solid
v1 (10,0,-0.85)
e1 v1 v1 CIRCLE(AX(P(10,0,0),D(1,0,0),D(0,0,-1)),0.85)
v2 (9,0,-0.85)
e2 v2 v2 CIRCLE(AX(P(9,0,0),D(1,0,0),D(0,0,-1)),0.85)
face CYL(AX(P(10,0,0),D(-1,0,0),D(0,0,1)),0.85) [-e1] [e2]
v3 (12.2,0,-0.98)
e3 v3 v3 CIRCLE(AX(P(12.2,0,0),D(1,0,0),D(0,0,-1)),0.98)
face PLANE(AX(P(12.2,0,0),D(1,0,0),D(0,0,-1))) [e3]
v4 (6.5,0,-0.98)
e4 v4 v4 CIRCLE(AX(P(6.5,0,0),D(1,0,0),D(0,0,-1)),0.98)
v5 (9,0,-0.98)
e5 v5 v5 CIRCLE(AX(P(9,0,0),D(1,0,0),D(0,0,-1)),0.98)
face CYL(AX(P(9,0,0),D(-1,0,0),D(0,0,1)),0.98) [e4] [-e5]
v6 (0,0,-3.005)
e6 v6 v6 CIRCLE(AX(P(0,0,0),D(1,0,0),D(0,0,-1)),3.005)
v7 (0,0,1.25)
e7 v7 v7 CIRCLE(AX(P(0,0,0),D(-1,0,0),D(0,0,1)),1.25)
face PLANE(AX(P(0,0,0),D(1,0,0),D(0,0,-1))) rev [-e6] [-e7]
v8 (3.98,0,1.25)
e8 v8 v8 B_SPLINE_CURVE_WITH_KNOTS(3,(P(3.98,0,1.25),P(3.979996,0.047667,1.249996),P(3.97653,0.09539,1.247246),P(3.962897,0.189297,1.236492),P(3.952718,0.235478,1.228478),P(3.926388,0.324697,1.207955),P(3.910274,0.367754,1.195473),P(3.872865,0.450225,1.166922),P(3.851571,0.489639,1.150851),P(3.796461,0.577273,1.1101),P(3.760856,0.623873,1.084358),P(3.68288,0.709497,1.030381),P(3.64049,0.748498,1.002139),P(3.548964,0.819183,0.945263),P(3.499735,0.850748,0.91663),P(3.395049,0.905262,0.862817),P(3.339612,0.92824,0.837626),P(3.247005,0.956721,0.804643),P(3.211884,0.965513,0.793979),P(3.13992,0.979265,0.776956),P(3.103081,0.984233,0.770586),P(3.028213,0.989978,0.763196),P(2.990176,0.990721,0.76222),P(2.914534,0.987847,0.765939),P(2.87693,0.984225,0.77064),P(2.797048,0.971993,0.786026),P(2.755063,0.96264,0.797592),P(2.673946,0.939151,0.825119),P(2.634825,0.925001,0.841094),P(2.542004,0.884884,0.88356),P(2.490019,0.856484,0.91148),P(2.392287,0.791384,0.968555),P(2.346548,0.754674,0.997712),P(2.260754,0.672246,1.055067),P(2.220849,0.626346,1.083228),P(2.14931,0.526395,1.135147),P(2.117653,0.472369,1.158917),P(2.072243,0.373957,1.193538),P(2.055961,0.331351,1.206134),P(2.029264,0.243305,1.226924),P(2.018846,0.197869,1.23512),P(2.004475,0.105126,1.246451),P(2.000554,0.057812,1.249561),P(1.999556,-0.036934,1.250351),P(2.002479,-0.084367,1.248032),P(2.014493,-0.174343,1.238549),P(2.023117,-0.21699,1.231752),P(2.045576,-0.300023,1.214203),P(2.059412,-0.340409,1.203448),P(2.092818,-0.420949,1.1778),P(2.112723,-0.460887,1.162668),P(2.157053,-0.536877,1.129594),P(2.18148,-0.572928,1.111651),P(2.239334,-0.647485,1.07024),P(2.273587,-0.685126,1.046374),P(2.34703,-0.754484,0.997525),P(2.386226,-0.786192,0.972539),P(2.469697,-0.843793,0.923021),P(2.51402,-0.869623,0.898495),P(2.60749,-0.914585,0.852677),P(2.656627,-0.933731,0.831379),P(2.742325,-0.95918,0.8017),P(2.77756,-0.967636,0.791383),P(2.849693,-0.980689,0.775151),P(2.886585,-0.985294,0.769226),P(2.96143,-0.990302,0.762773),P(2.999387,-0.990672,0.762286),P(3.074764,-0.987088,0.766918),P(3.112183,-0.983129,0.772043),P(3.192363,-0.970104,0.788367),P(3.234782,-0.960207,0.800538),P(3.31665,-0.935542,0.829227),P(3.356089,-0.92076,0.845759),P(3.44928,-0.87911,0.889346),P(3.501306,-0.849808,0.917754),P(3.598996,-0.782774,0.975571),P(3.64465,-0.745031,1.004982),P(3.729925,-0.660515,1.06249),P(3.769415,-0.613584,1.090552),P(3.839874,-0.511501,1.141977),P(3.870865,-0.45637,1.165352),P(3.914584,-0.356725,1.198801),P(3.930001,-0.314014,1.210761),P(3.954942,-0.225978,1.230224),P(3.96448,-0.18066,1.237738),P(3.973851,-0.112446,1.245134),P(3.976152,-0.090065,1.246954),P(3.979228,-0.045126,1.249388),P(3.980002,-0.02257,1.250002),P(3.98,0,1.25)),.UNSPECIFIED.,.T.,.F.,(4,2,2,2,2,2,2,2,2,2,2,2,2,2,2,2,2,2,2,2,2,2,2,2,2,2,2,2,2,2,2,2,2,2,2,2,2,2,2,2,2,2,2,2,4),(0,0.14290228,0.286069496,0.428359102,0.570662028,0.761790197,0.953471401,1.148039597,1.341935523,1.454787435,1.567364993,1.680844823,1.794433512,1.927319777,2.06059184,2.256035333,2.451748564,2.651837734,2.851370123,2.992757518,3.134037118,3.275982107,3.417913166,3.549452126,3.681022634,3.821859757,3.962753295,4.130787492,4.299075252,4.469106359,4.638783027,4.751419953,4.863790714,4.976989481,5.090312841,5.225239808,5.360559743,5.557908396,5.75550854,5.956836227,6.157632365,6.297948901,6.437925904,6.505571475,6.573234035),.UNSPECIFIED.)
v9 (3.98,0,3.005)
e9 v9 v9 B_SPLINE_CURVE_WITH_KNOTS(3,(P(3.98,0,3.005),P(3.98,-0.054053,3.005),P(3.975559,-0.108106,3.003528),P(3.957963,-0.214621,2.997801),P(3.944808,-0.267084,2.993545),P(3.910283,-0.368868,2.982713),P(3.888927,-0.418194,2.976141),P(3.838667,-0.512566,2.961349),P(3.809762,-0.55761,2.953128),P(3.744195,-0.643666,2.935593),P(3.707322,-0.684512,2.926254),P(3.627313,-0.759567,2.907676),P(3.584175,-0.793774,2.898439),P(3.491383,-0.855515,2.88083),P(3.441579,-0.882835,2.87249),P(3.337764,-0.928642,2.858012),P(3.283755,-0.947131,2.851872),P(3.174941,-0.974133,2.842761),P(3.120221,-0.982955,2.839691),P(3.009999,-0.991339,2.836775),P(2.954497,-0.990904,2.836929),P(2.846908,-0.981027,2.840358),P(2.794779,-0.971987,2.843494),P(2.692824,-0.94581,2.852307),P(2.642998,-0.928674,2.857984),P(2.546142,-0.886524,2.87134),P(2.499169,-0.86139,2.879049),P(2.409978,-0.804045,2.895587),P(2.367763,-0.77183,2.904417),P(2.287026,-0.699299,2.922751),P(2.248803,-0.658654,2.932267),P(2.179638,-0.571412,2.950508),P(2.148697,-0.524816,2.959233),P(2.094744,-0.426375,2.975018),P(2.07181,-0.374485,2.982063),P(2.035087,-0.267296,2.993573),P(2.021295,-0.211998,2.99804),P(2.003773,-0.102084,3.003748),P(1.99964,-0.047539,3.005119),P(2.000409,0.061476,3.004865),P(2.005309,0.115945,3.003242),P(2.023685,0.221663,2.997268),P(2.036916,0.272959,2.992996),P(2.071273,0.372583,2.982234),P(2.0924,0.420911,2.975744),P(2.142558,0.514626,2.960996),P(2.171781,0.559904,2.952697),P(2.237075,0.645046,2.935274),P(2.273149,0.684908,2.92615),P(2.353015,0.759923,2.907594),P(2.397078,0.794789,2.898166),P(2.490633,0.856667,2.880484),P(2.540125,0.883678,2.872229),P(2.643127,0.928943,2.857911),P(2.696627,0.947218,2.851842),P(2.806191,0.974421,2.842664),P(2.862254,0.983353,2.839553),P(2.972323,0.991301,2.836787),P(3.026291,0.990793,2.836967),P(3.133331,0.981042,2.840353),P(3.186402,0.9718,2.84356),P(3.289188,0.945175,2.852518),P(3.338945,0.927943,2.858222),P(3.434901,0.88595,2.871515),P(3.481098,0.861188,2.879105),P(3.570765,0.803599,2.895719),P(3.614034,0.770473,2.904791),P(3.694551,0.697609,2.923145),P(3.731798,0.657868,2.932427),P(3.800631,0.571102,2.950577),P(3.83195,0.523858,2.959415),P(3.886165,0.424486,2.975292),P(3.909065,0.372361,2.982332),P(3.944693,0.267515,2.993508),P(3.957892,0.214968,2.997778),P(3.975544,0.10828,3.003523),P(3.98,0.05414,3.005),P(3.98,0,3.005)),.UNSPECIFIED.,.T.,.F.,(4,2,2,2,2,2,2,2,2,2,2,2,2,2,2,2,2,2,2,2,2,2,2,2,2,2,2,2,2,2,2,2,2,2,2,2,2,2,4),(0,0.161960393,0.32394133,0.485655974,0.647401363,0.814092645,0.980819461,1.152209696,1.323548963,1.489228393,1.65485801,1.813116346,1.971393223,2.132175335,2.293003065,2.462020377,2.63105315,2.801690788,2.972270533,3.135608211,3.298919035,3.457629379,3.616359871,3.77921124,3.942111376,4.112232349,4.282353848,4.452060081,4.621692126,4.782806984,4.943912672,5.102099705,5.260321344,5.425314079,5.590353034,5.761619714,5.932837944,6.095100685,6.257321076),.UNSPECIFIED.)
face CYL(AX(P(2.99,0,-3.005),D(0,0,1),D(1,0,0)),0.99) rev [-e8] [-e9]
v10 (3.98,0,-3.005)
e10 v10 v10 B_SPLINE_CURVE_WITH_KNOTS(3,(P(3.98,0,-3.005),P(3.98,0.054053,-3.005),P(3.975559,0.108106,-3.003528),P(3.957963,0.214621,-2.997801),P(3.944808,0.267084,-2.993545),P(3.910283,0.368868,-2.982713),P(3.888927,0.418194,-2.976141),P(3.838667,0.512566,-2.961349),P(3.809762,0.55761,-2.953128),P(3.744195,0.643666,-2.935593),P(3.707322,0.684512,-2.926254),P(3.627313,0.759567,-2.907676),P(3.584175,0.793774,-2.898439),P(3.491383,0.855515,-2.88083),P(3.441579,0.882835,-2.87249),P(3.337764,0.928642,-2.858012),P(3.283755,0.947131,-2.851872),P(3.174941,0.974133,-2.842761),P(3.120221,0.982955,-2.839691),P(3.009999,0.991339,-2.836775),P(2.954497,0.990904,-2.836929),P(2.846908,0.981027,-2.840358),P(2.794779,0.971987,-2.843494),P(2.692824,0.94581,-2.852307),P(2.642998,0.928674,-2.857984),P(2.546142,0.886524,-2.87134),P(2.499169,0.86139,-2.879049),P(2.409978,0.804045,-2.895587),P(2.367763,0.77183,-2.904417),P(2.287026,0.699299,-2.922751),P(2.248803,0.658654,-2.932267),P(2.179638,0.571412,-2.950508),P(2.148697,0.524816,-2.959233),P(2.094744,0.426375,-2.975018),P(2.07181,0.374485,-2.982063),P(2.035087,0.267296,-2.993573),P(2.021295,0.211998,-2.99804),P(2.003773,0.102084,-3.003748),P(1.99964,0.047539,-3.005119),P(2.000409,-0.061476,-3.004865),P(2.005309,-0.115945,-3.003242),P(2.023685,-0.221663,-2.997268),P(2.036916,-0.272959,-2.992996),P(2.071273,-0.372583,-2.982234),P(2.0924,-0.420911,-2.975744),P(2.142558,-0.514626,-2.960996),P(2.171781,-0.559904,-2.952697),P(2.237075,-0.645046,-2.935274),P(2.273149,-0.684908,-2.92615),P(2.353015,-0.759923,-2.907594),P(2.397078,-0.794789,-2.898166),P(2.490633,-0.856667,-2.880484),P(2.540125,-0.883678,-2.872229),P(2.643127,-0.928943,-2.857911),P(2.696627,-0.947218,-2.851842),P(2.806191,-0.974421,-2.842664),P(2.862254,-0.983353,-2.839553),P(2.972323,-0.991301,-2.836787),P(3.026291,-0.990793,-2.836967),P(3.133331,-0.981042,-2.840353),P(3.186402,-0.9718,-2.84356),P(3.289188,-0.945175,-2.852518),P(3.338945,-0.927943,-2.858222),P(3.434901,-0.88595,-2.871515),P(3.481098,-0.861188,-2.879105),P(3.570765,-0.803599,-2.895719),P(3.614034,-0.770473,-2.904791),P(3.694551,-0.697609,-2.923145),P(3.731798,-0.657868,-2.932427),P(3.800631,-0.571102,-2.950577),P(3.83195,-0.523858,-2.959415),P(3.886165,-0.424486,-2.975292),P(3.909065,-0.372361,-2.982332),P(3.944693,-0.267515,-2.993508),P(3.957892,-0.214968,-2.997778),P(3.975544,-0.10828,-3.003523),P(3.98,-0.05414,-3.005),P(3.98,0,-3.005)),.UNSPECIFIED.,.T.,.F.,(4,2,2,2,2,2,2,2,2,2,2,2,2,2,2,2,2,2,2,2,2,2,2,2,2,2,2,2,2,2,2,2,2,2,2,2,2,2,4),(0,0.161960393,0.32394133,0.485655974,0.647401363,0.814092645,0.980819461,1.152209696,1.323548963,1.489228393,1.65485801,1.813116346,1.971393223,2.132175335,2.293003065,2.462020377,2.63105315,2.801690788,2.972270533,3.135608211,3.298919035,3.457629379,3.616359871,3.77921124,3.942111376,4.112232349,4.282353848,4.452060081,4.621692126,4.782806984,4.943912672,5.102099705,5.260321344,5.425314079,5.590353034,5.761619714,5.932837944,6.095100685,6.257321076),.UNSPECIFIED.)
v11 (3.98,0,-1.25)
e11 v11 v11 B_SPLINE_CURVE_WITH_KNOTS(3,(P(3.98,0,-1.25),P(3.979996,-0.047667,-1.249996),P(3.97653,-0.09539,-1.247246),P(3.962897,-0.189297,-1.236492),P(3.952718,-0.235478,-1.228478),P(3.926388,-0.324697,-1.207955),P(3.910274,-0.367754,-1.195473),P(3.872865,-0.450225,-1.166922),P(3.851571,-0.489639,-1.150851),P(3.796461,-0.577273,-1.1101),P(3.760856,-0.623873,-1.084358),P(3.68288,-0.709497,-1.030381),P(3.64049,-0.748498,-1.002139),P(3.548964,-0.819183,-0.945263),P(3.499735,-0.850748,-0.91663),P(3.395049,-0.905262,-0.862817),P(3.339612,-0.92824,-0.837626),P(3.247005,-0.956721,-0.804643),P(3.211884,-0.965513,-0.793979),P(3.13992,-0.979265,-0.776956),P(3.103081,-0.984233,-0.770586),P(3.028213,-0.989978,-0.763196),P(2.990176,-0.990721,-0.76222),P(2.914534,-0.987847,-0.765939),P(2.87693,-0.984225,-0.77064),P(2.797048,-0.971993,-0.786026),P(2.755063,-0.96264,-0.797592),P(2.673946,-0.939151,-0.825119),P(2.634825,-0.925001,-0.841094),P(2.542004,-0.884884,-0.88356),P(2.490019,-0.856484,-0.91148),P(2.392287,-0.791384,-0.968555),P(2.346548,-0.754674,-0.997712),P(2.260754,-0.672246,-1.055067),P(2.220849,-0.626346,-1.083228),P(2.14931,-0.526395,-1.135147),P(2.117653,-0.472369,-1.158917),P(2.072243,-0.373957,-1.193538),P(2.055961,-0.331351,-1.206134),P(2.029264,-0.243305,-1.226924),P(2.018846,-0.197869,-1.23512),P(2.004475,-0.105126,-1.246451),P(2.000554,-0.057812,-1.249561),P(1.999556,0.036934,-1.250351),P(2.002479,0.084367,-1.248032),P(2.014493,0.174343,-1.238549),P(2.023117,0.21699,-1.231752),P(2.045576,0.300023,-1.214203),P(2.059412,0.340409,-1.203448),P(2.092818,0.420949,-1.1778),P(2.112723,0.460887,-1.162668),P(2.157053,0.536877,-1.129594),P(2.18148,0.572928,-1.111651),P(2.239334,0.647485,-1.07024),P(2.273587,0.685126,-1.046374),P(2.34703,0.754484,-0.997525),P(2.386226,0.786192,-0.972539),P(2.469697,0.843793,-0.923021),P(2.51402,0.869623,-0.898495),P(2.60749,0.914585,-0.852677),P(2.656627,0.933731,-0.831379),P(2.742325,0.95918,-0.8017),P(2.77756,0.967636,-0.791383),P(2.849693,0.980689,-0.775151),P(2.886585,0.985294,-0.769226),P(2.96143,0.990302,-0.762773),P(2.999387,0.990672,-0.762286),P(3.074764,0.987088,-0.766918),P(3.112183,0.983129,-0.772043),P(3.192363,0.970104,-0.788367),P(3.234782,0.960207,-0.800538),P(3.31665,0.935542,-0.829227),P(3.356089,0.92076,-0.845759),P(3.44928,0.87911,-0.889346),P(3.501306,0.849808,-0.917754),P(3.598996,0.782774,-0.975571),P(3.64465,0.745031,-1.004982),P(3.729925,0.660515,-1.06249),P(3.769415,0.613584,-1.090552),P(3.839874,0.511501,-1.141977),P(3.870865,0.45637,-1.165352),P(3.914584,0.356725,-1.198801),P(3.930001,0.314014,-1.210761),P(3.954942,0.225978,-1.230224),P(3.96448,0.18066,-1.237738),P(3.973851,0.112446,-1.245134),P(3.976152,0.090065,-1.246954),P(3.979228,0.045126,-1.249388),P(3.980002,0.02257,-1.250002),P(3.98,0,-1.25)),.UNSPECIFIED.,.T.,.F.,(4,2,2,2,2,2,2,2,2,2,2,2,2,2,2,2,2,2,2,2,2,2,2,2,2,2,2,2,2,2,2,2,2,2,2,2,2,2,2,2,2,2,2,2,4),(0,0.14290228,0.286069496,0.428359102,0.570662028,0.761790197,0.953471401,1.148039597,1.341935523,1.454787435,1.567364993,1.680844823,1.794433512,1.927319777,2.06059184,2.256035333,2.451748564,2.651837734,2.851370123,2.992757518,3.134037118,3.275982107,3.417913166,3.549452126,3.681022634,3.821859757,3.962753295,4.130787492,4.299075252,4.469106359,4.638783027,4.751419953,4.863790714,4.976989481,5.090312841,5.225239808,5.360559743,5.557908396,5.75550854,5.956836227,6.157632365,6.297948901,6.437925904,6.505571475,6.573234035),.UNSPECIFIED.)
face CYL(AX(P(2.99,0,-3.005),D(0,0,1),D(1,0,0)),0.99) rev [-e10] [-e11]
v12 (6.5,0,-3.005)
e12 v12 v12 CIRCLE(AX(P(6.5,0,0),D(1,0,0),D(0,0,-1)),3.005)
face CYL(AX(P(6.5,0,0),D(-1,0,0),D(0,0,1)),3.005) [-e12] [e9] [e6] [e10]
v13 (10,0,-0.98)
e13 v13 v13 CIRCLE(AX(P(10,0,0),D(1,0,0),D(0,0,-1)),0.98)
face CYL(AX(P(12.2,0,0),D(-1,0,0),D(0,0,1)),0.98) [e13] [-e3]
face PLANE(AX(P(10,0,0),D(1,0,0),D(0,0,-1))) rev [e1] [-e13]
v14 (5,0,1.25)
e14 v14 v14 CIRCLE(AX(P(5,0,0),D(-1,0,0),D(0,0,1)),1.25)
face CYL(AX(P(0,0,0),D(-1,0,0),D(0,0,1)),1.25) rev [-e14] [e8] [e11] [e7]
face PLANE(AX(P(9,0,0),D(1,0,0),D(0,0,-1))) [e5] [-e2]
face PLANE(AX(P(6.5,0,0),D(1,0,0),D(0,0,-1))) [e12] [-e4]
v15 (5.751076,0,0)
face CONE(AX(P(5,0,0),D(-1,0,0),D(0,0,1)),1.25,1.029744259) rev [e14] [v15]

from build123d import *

# Parameters (mm, degrees)
SCHIZZO1_R                    = 3.005
ESTRUSIONE_ESTRUSIONE1_DEPTH  = 6.5
SCHIZZO2_R                    = 0.98
ESTRUSIONE_ESTRUSIONE2_DEPTH  = 2.5
SCHIZZO3_R                    = 0.85
ESTRUSIONE_ESTRUSIONE3_DEPTH  = 1
SCHIZZO4_R                    = 0.98
ESTRUSIONE_ESTRUSIONE4_DEPTH  = 2.2
FORO_FILETTATO_M3X0_5_1_D     = 2.5
FORO_FILETTATO_M3X0_5_1_DEPTH = 5
FORO_FILETTATO_M3X0_5_1_TIP   = 0.751075774
TAGLIO_ESTRUSIONE1_DEPTH      = 13.918980223
TAGLIO_ESTRUSIONE1_DEPTH_BACK = 13.918980223
SCHIZZO7_R                    = 0.99


with BuildPart() as part:
    # Schizzo1 → Estrusione-Estrusione1 (new body)
    with BuildSketch(Plane(origin=(0, 0, 0), x_dir=(0, 0, -1), z_dir=(1, 0, 0))):
        with Locations(Location((0, 0, 0), (0, 0, 180))):
            Circle(SCHIZZO1_R)
    extrude(amount=ESTRUSIONE_ESTRUSIONE1_DEPTH)

    # Schizzo2 → Estrusione-Estrusione2 (add)
    with BuildSketch(Plane(origin=(6.5, 0, 0), x_dir=(0, 0, -1), z_dir=(1, 0, 0))):
        Circle(SCHIZZO2_R)
    extrude(amount=ESTRUSIONE_ESTRUSIONE2_DEPTH)

    # Schizzo3 → Estrusione-Estrusione3 (add)
    with BuildSketch(Plane(origin=(9, 0, 0), x_dir=(0, 0, -1), z_dir=(1, 0, 0))):
        Circle(SCHIZZO3_R)
    extrude(amount=ESTRUSIONE_ESTRUSIONE3_DEPTH)

    # Schizzo4 → Estrusione-Estrusione4 (add)
    with BuildSketch(Plane(origin=(10, 0, 0), x_dir=(0, 0, -1), z_dir=(1, 0, 0))):
        Circle(SCHIZZO4_R)
    extrude(amount=ESTRUSIONE_ESTRUSIONE4_DEPTH)

    # Foro filettato M3x0.5-1
    with Locations(Plane.ZY):
        with Locations((0, 0)):
            Hole(FORO_FILETTATO_M3X0_5_1_D / 2, depth=FORO_FILETTATO_M3X0_5_1_DEPTH)
            with Locations((0, 0, -(FORO_FILETTATO_M3X0_5_1_DEPTH + FORO_FILETTATO_M3X0_5_1_TIP / 2))):  # 118° drill point
                Cone(0, FORO_FILETTATO_M3X0_5_1_D / 2, FORO_FILETTATO_M3X0_5_1_TIP, mode=Mode.SUBTRACT)

    # Schizzo7 → Taglio-Estrusione1 (cut, two sides: drawn at the far end of the back side and taken through both)
    with BuildSketch(Plane.XY.offset(-TAGLIO_ESTRUSIONE1_DEPTH_BACK)):
        with Locations((2.99, 0)):
            Circle(SCHIZZO7_R)
    extrude(amount=TAGLIO_ESTRUSIONE1_DEPTH + TAGLIO_ESTRUSIONE1_DEPTH_BACK, mode=Mode.SUBTRACT)


solid = part.part
